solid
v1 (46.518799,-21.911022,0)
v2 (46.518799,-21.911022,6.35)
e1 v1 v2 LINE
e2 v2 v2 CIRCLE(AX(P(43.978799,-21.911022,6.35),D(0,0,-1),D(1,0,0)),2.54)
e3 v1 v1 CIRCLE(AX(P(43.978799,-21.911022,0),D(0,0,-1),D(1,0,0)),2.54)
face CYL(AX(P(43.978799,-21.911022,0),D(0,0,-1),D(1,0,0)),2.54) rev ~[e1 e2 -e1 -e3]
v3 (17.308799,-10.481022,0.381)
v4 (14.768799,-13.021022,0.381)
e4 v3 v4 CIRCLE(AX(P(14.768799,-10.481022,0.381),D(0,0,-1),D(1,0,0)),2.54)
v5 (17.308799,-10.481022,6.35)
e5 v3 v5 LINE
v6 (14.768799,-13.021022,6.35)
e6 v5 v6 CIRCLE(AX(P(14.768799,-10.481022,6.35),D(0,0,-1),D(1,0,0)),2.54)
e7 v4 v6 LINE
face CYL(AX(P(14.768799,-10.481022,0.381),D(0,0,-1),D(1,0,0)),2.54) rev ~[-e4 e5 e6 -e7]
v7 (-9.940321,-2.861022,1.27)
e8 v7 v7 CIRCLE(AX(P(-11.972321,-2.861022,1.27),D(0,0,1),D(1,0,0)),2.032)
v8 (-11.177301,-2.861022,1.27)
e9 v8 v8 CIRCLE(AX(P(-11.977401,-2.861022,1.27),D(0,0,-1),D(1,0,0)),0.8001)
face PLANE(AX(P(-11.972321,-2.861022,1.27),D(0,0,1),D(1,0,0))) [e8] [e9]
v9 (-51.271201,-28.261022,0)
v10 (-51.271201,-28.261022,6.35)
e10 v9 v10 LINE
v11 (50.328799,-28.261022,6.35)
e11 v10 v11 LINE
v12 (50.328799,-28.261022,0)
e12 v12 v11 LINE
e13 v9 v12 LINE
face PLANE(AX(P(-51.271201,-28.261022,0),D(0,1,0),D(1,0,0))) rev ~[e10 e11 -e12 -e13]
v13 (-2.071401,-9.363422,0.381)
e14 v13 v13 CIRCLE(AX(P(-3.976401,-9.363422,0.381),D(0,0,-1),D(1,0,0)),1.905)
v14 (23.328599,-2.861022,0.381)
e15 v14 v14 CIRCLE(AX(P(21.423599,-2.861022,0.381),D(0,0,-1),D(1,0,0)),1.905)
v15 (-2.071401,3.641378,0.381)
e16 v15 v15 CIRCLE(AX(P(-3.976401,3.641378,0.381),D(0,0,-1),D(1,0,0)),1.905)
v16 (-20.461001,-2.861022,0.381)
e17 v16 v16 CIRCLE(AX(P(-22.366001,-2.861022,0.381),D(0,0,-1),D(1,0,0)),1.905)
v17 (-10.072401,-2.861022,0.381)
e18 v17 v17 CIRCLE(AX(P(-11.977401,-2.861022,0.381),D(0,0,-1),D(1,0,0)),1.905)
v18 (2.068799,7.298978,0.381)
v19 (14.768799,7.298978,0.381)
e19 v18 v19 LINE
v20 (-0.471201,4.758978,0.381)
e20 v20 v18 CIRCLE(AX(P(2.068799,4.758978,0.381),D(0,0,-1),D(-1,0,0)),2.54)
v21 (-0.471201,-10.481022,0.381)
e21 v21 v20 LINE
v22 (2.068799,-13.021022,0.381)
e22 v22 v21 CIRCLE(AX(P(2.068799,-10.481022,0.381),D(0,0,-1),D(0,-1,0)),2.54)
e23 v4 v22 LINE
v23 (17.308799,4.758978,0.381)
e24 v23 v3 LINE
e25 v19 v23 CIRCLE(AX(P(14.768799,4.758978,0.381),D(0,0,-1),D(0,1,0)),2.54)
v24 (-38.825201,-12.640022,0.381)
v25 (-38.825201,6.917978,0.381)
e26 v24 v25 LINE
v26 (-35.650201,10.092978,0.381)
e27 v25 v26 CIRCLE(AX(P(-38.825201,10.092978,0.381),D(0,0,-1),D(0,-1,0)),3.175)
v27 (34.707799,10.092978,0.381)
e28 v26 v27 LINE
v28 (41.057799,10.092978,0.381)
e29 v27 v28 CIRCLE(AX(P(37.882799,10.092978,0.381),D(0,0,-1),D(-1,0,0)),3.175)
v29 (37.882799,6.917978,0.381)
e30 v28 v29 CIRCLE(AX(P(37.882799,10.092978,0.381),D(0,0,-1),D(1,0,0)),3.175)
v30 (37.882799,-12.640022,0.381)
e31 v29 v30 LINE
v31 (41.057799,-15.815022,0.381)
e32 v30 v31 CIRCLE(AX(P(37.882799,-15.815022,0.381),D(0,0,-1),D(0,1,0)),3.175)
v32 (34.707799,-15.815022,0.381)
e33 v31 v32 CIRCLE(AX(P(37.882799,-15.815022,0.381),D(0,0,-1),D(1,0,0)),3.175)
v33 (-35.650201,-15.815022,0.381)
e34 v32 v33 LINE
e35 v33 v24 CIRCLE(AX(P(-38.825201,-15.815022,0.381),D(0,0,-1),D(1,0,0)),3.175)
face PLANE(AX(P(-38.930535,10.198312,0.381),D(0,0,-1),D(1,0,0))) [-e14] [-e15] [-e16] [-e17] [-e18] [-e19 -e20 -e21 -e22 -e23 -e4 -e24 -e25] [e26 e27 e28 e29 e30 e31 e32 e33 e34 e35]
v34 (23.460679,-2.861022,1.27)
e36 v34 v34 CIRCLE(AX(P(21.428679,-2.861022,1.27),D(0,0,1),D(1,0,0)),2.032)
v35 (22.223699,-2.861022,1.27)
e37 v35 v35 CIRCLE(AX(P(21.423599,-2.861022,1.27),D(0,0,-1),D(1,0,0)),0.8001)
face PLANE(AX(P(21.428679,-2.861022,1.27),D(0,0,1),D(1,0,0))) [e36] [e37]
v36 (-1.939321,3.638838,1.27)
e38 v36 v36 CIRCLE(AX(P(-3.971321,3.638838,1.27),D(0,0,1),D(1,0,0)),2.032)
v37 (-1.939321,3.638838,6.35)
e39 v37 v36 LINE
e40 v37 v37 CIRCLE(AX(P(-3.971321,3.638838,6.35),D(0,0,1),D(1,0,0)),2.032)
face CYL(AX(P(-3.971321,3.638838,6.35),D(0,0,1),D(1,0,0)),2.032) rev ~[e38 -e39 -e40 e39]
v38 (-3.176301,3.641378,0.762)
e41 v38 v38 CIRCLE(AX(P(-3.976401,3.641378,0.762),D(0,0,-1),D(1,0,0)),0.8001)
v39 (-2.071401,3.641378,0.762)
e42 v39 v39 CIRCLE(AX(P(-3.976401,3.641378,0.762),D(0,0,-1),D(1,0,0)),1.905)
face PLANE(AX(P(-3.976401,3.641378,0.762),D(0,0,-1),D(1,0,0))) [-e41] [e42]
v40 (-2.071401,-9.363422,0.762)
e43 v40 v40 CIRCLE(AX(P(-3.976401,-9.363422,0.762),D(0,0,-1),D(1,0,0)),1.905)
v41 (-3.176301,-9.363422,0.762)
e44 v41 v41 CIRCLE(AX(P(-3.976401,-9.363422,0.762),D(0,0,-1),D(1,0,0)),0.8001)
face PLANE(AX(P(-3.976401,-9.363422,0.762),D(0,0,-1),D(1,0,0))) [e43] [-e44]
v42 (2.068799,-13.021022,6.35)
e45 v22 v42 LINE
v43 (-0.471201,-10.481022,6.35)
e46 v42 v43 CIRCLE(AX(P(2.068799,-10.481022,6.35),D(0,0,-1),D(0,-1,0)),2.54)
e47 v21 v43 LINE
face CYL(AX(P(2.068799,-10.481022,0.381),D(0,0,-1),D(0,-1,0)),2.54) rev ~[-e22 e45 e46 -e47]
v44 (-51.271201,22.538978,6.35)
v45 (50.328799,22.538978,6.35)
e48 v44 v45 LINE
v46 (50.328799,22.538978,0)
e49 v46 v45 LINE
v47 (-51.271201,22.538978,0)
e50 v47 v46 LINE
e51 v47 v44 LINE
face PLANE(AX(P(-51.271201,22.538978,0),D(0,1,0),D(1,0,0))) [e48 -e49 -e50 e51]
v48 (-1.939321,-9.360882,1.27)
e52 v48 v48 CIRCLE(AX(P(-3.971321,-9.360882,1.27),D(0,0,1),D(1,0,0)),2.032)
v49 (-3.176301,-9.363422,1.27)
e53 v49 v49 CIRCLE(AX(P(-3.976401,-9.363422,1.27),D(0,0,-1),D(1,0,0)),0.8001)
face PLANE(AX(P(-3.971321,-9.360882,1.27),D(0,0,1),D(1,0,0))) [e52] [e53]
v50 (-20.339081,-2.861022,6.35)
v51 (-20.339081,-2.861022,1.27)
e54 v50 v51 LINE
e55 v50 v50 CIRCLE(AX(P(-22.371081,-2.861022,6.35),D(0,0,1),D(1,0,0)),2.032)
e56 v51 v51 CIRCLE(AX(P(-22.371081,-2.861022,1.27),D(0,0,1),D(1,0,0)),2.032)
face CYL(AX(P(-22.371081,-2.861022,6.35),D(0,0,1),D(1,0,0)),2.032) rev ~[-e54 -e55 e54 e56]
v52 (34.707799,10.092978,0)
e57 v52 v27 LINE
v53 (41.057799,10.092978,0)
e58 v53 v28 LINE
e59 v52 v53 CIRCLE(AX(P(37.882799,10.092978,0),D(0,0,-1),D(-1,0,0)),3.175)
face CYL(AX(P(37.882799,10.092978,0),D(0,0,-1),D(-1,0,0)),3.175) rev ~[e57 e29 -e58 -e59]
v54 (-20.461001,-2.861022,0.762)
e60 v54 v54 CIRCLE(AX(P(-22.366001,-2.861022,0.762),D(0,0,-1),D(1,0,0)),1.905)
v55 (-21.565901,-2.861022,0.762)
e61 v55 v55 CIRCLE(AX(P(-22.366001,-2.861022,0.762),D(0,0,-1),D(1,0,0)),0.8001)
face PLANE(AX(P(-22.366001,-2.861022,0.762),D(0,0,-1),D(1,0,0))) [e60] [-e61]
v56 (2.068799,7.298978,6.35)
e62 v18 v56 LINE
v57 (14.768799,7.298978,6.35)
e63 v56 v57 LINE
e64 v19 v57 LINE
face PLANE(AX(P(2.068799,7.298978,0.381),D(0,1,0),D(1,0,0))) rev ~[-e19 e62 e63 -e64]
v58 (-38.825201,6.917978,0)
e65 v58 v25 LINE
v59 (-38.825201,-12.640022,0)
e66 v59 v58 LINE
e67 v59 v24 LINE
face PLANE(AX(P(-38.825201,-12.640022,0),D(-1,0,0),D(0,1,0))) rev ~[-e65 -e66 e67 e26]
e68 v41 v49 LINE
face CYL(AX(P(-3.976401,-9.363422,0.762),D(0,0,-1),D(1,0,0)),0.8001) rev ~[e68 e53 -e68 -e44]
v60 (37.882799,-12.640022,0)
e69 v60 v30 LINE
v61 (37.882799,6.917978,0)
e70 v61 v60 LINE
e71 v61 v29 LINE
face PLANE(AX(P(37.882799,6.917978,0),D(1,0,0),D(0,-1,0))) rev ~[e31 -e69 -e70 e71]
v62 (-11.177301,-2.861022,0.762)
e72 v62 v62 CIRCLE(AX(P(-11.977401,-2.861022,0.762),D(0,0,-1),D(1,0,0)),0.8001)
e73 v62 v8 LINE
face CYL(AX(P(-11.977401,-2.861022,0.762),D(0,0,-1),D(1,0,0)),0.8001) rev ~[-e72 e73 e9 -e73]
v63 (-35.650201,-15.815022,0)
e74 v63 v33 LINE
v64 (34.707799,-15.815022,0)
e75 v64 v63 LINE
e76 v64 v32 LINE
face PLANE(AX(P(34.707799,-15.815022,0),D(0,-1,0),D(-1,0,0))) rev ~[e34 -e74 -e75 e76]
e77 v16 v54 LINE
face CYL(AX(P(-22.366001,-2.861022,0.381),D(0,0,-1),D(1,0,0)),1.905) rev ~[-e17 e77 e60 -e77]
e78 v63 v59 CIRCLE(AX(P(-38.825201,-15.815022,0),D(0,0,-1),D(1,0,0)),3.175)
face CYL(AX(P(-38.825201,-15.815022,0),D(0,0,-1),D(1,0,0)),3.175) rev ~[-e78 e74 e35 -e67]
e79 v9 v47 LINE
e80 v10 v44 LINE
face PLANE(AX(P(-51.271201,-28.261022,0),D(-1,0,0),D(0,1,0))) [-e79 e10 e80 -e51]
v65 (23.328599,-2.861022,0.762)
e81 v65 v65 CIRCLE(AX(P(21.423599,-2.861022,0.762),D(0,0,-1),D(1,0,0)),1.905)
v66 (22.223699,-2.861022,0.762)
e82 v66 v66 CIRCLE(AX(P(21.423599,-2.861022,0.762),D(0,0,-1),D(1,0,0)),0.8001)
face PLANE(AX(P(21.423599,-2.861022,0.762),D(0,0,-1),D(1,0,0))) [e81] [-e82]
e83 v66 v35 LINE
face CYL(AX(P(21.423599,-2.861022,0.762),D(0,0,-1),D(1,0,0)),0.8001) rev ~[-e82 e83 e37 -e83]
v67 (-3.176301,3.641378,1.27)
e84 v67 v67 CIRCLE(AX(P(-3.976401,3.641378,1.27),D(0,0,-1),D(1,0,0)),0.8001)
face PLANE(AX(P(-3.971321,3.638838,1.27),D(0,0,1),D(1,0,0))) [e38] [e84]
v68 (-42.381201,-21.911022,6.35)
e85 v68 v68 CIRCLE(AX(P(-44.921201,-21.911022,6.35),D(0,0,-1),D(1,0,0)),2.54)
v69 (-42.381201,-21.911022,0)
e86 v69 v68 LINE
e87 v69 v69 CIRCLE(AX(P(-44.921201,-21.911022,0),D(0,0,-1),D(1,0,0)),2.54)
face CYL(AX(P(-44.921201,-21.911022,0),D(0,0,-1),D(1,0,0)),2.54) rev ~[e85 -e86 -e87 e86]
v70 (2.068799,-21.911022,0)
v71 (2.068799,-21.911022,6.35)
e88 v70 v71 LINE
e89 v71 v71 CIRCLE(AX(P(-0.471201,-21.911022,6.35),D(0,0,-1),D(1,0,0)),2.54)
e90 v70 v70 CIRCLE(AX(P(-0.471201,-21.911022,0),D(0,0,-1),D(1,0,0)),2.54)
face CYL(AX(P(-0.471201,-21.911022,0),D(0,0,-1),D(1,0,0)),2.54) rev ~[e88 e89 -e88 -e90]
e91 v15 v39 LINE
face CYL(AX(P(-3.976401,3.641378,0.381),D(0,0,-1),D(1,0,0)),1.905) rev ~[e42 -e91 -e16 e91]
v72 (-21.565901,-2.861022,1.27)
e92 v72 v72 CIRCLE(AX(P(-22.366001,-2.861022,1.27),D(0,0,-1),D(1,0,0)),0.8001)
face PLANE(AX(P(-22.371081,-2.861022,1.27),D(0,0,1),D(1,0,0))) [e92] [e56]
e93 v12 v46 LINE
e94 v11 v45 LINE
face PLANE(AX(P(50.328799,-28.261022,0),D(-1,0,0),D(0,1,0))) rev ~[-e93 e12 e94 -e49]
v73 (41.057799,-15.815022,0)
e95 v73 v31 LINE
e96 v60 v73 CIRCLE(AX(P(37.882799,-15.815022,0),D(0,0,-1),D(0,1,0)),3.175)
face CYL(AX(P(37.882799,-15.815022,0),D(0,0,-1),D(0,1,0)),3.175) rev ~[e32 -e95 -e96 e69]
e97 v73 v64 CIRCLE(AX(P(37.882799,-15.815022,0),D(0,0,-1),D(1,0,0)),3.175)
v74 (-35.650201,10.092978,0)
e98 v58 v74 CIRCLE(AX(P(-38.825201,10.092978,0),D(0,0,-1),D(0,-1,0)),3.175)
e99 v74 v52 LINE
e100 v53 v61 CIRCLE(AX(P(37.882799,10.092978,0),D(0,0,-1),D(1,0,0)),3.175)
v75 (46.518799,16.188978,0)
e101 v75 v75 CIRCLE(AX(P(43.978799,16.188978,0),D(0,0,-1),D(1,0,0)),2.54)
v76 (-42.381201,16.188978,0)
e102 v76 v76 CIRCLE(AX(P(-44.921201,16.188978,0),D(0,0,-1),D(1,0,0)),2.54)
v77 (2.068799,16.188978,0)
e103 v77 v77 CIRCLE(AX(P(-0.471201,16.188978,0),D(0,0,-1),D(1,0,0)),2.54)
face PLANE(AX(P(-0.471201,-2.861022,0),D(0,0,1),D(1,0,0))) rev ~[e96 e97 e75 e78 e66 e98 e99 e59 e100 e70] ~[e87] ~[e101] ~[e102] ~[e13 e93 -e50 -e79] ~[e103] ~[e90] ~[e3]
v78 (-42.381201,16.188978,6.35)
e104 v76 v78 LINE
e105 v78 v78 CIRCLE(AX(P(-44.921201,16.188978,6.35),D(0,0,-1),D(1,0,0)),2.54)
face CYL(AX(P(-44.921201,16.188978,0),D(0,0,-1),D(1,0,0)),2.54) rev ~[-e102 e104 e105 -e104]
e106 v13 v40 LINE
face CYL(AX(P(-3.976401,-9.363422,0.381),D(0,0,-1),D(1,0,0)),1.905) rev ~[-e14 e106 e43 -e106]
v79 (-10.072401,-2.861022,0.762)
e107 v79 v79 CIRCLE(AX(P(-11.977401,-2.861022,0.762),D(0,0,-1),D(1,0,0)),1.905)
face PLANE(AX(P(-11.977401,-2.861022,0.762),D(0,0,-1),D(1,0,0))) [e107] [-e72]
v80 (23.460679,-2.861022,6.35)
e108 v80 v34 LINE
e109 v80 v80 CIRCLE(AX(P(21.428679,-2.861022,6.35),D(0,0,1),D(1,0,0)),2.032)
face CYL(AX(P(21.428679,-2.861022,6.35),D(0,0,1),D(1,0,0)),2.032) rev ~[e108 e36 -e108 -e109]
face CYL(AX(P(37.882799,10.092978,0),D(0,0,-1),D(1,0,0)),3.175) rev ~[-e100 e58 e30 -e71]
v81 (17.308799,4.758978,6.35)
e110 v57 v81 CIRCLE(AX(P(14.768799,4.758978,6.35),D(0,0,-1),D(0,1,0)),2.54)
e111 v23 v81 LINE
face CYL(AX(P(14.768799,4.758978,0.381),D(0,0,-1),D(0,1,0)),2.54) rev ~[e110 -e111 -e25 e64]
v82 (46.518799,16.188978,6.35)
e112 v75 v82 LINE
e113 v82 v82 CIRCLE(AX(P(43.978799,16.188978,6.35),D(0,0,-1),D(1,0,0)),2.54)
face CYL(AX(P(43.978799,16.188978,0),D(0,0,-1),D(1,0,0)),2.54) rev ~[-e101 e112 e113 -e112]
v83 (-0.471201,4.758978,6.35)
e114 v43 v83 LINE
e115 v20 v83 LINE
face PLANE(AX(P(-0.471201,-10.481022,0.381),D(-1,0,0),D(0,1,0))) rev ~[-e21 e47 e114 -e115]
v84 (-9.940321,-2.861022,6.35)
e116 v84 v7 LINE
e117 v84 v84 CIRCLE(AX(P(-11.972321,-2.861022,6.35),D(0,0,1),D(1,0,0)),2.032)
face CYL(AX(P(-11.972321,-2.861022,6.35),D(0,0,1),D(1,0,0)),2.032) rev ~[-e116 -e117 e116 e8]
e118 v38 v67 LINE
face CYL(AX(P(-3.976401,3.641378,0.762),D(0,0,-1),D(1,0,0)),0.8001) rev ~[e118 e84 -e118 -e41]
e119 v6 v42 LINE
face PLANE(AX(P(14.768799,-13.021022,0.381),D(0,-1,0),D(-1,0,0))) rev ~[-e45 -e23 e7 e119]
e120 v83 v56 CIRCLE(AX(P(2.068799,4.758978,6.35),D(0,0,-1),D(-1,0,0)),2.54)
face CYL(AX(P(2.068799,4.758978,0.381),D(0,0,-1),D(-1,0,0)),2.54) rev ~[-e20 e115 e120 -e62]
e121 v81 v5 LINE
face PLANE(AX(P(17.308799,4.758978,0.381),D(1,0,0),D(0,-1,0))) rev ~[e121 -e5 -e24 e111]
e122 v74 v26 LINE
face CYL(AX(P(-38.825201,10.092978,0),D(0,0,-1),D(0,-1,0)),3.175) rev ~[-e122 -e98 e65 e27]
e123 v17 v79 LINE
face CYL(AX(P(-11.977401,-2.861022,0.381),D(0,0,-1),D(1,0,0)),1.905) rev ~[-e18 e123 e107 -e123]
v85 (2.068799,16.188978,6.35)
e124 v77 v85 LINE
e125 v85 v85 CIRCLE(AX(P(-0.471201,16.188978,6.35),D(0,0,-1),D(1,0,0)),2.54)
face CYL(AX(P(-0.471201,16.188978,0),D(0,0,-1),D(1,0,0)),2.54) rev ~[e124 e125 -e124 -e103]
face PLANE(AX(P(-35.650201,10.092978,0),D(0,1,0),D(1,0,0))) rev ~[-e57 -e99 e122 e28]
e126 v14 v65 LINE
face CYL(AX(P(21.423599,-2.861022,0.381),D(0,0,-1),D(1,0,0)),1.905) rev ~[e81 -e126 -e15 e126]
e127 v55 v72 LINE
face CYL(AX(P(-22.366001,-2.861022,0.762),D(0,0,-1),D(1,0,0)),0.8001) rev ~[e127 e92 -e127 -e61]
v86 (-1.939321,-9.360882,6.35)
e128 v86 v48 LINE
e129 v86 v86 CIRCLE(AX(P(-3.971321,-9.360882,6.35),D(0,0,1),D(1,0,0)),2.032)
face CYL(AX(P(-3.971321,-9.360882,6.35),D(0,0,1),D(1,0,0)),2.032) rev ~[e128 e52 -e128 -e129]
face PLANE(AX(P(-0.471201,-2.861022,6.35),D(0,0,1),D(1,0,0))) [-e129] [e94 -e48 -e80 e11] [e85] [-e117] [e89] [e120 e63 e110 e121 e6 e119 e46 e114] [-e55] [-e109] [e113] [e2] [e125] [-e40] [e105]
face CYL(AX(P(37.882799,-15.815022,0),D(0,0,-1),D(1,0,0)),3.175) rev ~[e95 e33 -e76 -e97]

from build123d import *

# Parameters (mm, degrees)
F0_W      = 101.6
F0_H      = 50.8
F1_DEPTH  = 6.35
F3_DEPTH  = 0.381
F5_DEPTH  = 5.969
F6_R      = 2.54
F7_DEPTH  = 6.35
F8_R      = 2.032
F9_DEPTH  = 5.08
F10_R     = 1.905
F11_DEPTH = 0.381
F12_R     = 0.8001
F13_DEPTH = 0.508


with BuildPart() as f1:
    # F0 (on Top) → F1 (new body)
    with BuildSketch(Plane.XY):
        with Locations((-0.471200794, -2.8610218682)):
            Rectangle(F0_W, F0_H)
    extrude(amount=F1_DEPTH)

    # F2 (on face) → F3 (cut)
    with BuildSketch(Plane(origin=(0, 0, 0), x_dir=(1, 0, 0), z_dir=(0, 0, -1))):
        with BuildLine():
            Line((-38.825200794, -10.0929781318), (-38.825200794, -6.9179781318))
            ThreePointArc((-38.825200794, -6.9179781318), (-41.0702648242, -12.3380421621), (-35.650200794, -10.0929781318))
            Line((-35.650200794, -10.0929781318), (-38.825200794, -10.0929781318))
        make_face()
        with BuildLine():
            Line((37.882799206, -10.0929781318), (37.882799206, -6.9179781318))
            ThreePointArc((37.882799206, -6.9179781318), (35.6377351758, -7.8479141016), (34.707799206, -10.0929781318))
            Line((34.707799206, -10.0929781318), (37.882799206, -10.0929781318))
        make_face()
        with BuildLine():
            ThreePointArc((41.057799206, -10.0929781318), (40.1278632363, -7.8479141016), (37.882799206, -6.9179781318))
            Line((37.882799206, -6.9179781318), (37.882799206, -10.0929781318))
            Line((37.882799206, -10.0929781318), (34.707799206, -10.0929781318))
            ThreePointArc((34.707799206, -10.0929781318), (37.882799206, -13.2679781318), (41.057799206, -10.0929781318))
        make_face()
        with BuildLine():
            Line((34.707799206, 15.8150218682), (-35.650200794, 15.8150218682))
            ThreePointArc((-35.650200794, 15.8150218682), (-36.5801367637, 13.5699578379), (-38.825200794, 12.6400218682))
            Line((-38.825200794, 12.6400218682), (-38.825200794, -6.9179781318))
            ThreePointArc((-38.825200794, -6.9179781318), (-36.5801367637, -7.8479141016), (-35.650200794, -10.0929781318))
            Line((-35.650200794, -10.0929781318), (34.707799206, -10.0929781318))
            ThreePointArc((34.707799206, -10.0929781318), (35.6377351758, -7.8479141016), (37.882799206, -6.9179781318))
            Line((37.882799206, -6.9179781318), (37.882799206, 12.6400218682))
            ThreePointArc((37.882799206, 12.6400218682), (35.6377351758, 13.5699578379), (34.707799206, 15.8150218682))
        make_face()
        with BuildLine():
            ThreePointArc((-35.650200794, -10.0929781318), (-36.5801367637, -7.8479141016), (-38.825200794, -6.9179781318))
            Line((-38.825200794, -6.9179781318), (-38.825200794, -10.0929781318))
            Line((-38.825200794, -10.0929781318), (-35.650200794, -10.0929781318))
        make_face()
        with BuildLine():
            ThreePointArc((41.057799206, 15.8150218682), (37.882799206, 18.9900218682), (34.707799206, 15.8150218682))
            Line((34.707799206, 15.8150218682), (37.882799206, 15.8150218682))
            Line((37.882799206, 15.8150218682), (37.882799206, 12.6400218682))
            ThreePointArc((37.882799206, 12.6400218682), (40.1278632363, 13.5699578379), (41.057799206, 15.8150218682))
        make_face()
        with BuildLine():
            Line((37.882799206, 15.8150218682), (34.707799206, 15.8150218682))
            ThreePointArc((34.707799206, 15.8150218682), (35.6377351758, 13.5699578379), (37.882799206, 12.6400218682))
            Line((37.882799206, 12.6400218682), (37.882799206, 15.8150218682))
        make_face()
        with BuildLine():
            Line((-35.650200794, 15.8150218682), (-38.825200794, 15.8150218682))
            Line((-38.825200794, 15.8150218682), (-38.825200794, 12.6400218682))
            ThreePointArc((-38.825200794, 12.6400218682), (-36.5801367637, 13.5699578379), (-35.650200794, 15.8150218682))
        make_face()
        with BuildLine():
            Line((-38.825200794, 12.6400218682), (-38.825200794, 15.8150218682))
            Line((-38.825200794, 15.8150218682), (-35.650200794, 15.8150218682))
            ThreePointArc((-35.650200794, 15.8150218682), (-41.0702648242, 18.0600858984), (-38.825200794, 12.6400218682))
        make_face()
    extrude(amount=-F3_DEPTH, mode=Mode.SUBTRACT)

    # F4 (on face) → F5 (cut, through all)
    with BuildSketch(Plane(origin=(0, 0, 0.381), x_dir=(1, 0, 0), z_dir=(0, 0, -1))):
        with BuildLine():
            Line((14.768799206, 13.0210218682), (2.068799206, 13.0210218682))
            ThreePointArc((2.068799206, 13.0210218682), (0.2727479818, 12.2770730924), (-0.471200794, 10.4810218682))
            Line((-0.471200794, 10.4810218682), (-0.471200794, -4.7589781318))
            ThreePointArc((-0.471200794, -4.7589781318), (0.2727479818, -6.555029356), (2.068799206, -7.2989781318))
            Line((2.068799206, -7.2989781318), (14.768799206, -7.2989781318))
            ThreePointArc((14.768799206, -7.2989781318), (16.5648504302, -6.555029356), (17.308799206, -4.7589781318))
            Line((17.308799206, -4.7589781318), (17.308799206, 10.4810218682))
            ThreePointArc((17.308799206, 10.4810218682), (16.5648504302, 12.2770730924), (14.768799206, 13.0210218682))
        make_face()
    extrude(amount=-F5_DEPTH, mode=Mode.SUBTRACT)

    # F6 (on face) → F7 (cut, through all)
    with BuildSketch(Plane(origin=(0, 0, 0), x_dir=(1, 0, 0), z_dir=(0, 0, -1))):
        with Locations((-44.921200794, 21.9110218682)):
            Circle(F6_R)
        with Locations((43.978799206, 21.9110218682)):
            Circle(F6_R)
        with Locations((43.978799206, -16.1889781318)):
            Circle(F6_R)
        with Locations((-0.471200794, -16.1889781318)):
            Circle(F6_R)
        with Locations((-44.921200794, -16.1889781318)):
            Circle(F6_R)
        with Locations((-0.471200794, 21.9110218682)):
            Circle(F6_R)
    extrude(amount=-F7_DEPTH, mode=Mode.SUBTRACT)

    # F8 (on face) → F9 (cut)
    with BuildSketch(Plane.XY.offset(6.35)):
        with Locations((-22.371080794, -2.8610218682)):
            Circle(F8_R)
        with Locations((-11.972320794, -2.8610218682)):
            Circle(F8_R)
        with Locations((-3.971320794, 3.6388381318)):
            Circle(F8_R)
        with Locations((-3.971320794, -9.3608818682)):
            Circle(F8_R)
        with Locations((21.428679206, -2.8610218682)):
            Circle(F8_R)
    extrude(amount=-F9_DEPTH, mode=Mode.SUBTRACT)

    # F10 (on face) → F11 (cut)
    with BuildSketch(Plane(origin=(0, 0, 0.381), x_dir=(1, 0, 0), z_dir=(0, 0, -1))):
        with Locations((-22.366000794, 2.8610218682)):
            Circle(F10_R)
        with Locations((-11.977400794, 2.8610218682)):
            Circle(F10_R)
        with Locations((-3.976400794, 9.3634218682)):
            Circle(F10_R)
        with Locations((-3.976400794, -3.6413781318)):
            Circle(F10_R)
        with Locations((21.423599206, 2.8610218682)):
            Circle(F10_R)
    extrude(amount=-F11_DEPTH, mode=Mode.SUBTRACT)

    # F12 (on face) → F13 (cut, through all)
    with BuildSketch(Plane(origin=(0, 0, 0.762), x_dir=(1, 0, 0), z_dir=(0, 0, -1))):
        with Locations((-22.366000794, 2.8610218682)):
            Circle(F12_R)
        with Locations((-11.977400794, 2.8610218682)):
            Circle(F12_R)
        with Locations((-3.976400794, 9.3634218682)):
            Circle(F12_R)
        with Locations((-3.976400794, -3.6413781318)):
            Circle(F12_R)
        with Locations((21.423599206, 2.8610218682)):
            Circle(F12_R)
    extrude(amount=-F13_DEPTH, mode=Mode.SUBTRACT)


solid = f1.part
